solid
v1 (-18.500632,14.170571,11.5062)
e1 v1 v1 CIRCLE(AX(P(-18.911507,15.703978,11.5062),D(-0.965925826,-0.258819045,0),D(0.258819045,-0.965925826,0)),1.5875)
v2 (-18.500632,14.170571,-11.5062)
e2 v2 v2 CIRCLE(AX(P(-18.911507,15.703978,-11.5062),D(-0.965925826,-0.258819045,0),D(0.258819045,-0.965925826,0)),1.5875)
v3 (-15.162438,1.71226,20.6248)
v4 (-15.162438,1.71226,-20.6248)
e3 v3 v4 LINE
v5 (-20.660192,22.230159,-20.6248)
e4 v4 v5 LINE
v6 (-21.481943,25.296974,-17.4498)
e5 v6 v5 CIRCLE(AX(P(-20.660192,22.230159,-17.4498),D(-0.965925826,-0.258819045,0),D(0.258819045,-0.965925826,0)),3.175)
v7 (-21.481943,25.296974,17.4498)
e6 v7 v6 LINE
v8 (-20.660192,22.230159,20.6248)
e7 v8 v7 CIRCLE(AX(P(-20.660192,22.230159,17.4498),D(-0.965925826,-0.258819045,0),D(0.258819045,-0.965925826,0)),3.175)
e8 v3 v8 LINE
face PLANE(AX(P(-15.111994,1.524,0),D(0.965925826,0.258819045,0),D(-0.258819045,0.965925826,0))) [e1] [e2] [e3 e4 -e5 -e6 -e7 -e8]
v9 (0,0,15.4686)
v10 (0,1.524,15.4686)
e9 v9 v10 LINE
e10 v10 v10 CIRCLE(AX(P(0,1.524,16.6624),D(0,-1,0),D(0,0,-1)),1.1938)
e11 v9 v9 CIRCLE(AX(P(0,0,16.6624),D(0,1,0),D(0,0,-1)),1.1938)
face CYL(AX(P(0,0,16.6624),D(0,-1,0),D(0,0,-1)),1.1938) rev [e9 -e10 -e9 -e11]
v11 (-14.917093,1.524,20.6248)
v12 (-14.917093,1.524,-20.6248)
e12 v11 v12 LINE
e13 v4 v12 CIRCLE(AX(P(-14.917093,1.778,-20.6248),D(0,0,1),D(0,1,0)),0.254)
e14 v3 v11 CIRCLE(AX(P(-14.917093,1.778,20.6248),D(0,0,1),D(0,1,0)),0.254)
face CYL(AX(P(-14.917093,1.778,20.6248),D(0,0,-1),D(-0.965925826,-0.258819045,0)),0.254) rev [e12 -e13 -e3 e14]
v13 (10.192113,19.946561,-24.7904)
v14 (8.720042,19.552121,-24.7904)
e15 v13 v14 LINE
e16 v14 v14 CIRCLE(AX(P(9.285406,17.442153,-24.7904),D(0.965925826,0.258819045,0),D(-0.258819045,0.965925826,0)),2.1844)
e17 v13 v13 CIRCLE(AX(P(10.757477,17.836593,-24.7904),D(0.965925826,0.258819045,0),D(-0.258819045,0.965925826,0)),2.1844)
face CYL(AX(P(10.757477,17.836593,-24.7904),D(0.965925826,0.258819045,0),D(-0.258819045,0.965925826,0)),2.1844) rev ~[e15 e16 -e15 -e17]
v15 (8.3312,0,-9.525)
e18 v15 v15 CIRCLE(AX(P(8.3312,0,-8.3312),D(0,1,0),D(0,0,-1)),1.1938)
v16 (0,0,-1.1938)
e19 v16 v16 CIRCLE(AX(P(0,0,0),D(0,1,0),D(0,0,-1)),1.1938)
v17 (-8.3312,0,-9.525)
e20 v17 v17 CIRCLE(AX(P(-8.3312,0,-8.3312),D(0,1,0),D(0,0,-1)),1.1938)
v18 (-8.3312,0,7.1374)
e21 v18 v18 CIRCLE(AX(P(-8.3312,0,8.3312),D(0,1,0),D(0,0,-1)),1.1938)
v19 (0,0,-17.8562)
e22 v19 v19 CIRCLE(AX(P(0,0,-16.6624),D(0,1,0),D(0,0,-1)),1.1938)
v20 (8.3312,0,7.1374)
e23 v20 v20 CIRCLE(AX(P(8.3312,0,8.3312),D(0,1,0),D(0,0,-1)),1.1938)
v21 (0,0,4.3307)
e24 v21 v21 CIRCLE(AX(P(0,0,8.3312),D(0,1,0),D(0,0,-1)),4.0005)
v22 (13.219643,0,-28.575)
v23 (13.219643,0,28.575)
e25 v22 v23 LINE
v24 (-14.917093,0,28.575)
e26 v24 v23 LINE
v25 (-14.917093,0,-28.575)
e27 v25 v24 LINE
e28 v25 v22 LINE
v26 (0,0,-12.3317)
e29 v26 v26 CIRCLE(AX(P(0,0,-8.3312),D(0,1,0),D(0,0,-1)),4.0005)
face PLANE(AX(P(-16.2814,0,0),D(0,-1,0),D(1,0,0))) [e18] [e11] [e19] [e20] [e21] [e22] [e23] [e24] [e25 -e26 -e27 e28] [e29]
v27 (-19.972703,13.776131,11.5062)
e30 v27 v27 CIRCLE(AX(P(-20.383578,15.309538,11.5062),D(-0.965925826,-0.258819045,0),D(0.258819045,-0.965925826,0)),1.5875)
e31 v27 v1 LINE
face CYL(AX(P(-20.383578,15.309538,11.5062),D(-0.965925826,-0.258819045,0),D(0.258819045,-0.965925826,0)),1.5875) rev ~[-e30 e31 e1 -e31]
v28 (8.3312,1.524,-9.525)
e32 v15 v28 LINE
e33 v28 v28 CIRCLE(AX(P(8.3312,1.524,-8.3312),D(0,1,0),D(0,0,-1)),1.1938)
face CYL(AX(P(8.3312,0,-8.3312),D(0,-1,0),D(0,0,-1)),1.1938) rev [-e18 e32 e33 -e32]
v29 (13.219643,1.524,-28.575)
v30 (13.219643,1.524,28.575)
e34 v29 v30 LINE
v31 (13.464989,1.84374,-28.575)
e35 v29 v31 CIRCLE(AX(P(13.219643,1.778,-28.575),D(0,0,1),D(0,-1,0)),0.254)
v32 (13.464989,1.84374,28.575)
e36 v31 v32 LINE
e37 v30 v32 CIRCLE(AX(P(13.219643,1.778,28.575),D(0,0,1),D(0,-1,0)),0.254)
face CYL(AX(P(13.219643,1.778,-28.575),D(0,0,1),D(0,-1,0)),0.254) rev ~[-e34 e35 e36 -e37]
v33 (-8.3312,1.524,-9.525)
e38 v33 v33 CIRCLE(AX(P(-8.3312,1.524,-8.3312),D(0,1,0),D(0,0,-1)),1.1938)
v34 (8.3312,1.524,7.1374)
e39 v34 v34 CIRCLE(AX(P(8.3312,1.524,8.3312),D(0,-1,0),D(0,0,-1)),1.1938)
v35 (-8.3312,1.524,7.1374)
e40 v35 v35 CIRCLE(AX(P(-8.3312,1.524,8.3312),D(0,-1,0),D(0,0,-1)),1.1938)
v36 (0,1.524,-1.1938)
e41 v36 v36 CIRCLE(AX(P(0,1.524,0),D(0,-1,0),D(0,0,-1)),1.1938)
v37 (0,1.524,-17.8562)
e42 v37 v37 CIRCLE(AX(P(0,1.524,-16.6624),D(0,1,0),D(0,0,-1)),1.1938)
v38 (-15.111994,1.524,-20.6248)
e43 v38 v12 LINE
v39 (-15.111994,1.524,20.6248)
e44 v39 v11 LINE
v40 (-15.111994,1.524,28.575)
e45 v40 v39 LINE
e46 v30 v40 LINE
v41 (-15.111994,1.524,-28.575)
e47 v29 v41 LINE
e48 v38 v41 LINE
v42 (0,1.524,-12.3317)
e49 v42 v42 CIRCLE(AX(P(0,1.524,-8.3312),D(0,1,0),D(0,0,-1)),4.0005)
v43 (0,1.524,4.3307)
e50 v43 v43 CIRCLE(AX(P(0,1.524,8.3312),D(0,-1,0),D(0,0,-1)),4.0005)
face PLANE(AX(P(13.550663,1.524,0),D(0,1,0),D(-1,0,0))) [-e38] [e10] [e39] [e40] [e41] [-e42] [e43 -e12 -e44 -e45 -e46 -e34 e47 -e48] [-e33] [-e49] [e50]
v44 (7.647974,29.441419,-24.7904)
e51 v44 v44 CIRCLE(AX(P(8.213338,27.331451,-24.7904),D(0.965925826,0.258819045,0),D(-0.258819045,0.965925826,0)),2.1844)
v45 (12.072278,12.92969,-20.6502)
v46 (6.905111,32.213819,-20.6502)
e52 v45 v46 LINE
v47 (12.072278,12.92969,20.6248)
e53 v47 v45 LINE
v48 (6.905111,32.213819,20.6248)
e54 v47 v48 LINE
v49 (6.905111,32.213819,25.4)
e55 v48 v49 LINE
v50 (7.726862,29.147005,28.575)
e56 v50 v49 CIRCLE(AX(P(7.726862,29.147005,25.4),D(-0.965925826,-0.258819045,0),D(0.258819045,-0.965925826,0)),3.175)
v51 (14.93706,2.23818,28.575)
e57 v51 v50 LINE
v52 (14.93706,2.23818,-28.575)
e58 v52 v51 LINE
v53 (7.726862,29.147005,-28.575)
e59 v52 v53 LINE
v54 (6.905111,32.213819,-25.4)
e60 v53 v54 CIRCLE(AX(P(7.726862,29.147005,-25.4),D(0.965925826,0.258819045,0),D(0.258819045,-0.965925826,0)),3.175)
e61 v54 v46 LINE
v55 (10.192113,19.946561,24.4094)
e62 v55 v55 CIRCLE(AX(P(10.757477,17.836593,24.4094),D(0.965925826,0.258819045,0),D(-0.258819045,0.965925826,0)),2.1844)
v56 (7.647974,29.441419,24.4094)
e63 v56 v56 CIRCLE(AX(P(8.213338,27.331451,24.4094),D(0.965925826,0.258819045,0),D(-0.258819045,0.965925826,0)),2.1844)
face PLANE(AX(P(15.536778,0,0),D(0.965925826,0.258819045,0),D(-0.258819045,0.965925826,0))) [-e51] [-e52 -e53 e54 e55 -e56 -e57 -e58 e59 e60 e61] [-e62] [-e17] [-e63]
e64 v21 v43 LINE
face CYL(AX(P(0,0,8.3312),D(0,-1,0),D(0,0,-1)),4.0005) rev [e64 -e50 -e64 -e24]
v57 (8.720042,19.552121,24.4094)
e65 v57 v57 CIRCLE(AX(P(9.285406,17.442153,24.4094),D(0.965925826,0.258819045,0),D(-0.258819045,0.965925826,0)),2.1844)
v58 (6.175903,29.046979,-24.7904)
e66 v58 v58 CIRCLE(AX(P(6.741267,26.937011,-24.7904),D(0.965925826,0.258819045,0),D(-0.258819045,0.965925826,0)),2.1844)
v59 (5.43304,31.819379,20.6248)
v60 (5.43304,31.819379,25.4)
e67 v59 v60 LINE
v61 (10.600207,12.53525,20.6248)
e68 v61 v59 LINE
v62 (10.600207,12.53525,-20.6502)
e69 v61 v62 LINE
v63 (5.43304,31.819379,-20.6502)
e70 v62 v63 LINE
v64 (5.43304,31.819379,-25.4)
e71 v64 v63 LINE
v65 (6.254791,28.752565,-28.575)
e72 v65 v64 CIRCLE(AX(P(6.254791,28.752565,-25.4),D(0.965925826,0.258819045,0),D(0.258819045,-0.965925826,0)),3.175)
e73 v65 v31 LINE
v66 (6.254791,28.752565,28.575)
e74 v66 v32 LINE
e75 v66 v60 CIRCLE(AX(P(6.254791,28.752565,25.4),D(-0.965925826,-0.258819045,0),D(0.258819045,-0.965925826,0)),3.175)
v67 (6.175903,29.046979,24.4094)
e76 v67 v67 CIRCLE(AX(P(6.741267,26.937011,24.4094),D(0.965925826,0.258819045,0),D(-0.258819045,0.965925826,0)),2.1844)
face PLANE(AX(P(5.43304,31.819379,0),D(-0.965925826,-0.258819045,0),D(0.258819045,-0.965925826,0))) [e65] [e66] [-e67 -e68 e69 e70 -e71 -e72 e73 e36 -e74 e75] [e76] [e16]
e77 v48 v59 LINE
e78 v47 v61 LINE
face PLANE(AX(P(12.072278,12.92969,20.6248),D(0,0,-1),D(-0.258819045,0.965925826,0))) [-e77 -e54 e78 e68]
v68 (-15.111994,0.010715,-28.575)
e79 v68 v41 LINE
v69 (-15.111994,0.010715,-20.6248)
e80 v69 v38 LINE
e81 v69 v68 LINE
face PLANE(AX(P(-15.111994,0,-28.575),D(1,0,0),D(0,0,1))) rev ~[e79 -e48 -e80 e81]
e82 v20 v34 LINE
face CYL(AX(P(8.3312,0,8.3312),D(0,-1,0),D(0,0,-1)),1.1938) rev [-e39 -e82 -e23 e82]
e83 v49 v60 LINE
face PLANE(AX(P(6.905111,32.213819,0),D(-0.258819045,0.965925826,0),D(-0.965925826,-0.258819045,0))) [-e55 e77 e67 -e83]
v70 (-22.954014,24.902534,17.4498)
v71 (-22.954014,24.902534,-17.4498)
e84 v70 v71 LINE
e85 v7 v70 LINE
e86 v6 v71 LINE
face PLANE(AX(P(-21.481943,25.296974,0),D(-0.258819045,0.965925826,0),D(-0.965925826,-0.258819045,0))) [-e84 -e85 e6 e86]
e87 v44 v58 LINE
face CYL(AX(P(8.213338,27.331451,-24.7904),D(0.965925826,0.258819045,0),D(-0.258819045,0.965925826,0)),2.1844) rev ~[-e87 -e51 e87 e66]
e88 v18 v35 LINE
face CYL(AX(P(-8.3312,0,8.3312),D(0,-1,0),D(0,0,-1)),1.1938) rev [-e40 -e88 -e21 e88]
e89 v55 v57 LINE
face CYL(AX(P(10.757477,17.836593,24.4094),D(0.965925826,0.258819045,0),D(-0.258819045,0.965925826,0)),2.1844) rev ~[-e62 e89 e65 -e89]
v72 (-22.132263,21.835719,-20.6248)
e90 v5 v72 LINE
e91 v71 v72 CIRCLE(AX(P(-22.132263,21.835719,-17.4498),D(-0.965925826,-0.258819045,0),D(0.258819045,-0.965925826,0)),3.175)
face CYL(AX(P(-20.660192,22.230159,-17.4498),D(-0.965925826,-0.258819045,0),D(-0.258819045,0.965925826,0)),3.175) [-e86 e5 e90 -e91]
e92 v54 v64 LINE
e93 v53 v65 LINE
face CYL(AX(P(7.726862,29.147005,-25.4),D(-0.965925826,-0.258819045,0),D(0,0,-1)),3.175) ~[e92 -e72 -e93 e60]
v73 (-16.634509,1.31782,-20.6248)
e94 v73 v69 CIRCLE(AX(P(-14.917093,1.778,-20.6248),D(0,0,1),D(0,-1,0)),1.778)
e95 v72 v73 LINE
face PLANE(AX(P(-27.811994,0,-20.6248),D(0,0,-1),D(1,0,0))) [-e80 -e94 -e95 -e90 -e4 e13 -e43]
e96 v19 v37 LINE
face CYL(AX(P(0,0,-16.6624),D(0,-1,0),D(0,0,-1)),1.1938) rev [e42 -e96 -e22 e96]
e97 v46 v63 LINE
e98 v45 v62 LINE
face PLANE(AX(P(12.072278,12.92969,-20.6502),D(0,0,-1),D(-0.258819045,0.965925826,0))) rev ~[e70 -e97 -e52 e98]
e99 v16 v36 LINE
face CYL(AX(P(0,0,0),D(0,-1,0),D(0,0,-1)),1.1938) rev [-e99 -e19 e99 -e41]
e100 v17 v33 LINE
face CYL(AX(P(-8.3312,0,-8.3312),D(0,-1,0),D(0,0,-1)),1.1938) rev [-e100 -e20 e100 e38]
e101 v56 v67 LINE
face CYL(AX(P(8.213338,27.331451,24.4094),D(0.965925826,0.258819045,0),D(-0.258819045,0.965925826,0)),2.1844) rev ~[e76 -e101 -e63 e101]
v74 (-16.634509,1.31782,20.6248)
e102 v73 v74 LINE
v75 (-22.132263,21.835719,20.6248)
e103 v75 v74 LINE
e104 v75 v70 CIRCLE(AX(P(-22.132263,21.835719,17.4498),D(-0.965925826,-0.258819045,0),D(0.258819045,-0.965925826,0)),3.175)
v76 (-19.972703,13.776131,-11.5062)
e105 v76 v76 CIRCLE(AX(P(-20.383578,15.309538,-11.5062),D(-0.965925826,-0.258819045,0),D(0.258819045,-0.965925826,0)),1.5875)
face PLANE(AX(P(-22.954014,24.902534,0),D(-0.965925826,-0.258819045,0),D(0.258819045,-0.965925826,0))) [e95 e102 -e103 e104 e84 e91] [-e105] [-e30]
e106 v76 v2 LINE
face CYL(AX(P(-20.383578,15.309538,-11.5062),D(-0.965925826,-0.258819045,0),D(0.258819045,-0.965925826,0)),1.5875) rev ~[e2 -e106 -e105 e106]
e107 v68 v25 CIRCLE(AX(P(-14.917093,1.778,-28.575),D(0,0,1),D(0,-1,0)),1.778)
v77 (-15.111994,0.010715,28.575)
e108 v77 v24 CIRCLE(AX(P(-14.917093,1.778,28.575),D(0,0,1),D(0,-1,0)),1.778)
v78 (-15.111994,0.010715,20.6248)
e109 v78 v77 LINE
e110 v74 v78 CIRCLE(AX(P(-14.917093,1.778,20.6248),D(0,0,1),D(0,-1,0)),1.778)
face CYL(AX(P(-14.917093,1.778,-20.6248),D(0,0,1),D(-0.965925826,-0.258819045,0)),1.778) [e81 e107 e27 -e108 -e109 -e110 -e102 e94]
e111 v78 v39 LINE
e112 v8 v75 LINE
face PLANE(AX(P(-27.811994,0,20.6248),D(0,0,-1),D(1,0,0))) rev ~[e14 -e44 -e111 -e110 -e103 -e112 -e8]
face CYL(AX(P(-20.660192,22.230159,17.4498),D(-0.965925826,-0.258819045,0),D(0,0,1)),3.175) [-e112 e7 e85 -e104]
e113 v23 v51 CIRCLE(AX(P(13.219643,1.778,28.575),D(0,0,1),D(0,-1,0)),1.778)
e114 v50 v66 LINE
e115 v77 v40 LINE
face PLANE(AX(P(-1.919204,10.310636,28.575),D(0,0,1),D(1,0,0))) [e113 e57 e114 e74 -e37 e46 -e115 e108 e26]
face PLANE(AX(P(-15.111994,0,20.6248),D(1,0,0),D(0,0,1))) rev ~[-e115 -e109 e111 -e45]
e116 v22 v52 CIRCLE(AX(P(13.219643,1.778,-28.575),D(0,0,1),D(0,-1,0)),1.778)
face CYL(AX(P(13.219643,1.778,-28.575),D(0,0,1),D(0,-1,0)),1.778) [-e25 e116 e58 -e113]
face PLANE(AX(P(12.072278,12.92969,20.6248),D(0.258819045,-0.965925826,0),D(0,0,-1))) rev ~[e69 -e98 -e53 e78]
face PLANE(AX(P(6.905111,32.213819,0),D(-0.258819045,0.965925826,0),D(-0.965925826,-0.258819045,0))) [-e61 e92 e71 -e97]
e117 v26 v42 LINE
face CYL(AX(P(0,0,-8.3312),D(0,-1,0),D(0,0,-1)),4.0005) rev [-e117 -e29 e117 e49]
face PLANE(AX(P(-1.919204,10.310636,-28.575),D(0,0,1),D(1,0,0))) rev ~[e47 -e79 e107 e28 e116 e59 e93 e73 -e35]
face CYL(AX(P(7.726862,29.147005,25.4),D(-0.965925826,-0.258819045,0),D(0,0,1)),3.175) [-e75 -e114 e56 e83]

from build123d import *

# Parameters (mm, degrees)
EXTRUDE1_DEPTH      = 28.575
CUT_EXTRUDE1_REACH  = 34.214
SKETCH2_R           = 4.0005
SKETCH2_R_2         = 1.1938
SKETCH21_R          = 4.0005
SKETCH21_R_2        = 1.1938
CUT_EXTRUDE11_DEPTH = 1.524
CUT_EXTRUDE13_REACH = 39.179
SKETCH23_W          = 41.275
SKETCH23_H          = 19.9644
CUT_EXTRUDE14_REACH = 39.179
SKETCH24_R          = 2.1844
CUT_EXTRUDE16_REACH = 41.072
SKETCH26_R          = 1.5875
SKETCH27_W          = 12.7
SKETCH27_H          = 7.9502
CUT_EXTRUDE17_DEPTH = 33.213819492
FILLET1_R           = 0.254
FILLET2_R           = 1.778
FILLET3_R           = 3.175


with BuildPart() as part:
    # Sketch1 → Extrude1 (new body, symmetric)
    with BuildSketch(Plane.XY):
        Polygon((-22.954013802, 24.902533728), (-16.2814, 0), (15.536778129, 0), (6.905111211, 32.213819492), (5.433040251, 31.819379267), (13.550662661, 1.524), (-15.11199367, 1.524), (-21.481942843, 25.296973952), align=None)
    extrude(amount=EXTRUDE1_DEPTH, both=True)

    # Sketch2 → Cut-Extrude1 (cut, up to next)
    with BuildSketch(Plane(origin=(0.432553042, 0, 10.730384283), x_dir=(-1, 0, 0), z_dir=(0, 1, 0)), mode=Mode.PRIVATE) as cut_extrude1_sk1:
        with Locations(Location((0.432553042, -2.399184283, 0), (0, 0, 270))):  # turned: the seam where the file's is
            Circle(SKETCH2_R)
    cut_extrude1_tool1 = extrude(cut_extrude1_sk1.sketch, amount=CUT_EXTRUDE1_REACH, mode=Mode.PRIVATE) & part.part
    add(cut_extrude1_tool1.solids().sort_by_distance((0, 0, 8.3312))[0], mode=Mode.SUBTRACT)
    # Sketch2 → Cut-Extrude1 (cut, up to next)
    with BuildSketch(Plane(origin=(0.432553042, 0, 10.730384283), x_dir=(-1, 0, 0), z_dir=(0, 1, 0)), mode=Mode.PRIVATE) as cut_extrude1_sk2:
        with Locations(Location((0.432553042, 5.932015717, 0), (0, 0, 270))):  # turned: the seam where the file's is
            Circle(SKETCH2_R_2)
    cut_extrude1_tool2 = extrude(cut_extrude1_sk2.sketch, amount=CUT_EXTRUDE1_REACH, mode=Mode.PRIVATE) & part.part
    add(cut_extrude1_tool2.solids().sort_by_distance((0, 0, 16.6624))[0], mode=Mode.SUBTRACT)
    # Sketch2 → Cut-Extrude1 (cut, up to next)
    with BuildSketch(Plane(origin=(0.432553042, 0, 10.730384283), x_dir=(-1, 0, 0), z_dir=(0, 1, 0)), mode=Mode.PRIVATE) as cut_extrude1_sk3:
        with Locations(Location((8.763753042, -2.399184283, 0), (0, 0, 270))):  # turned: the seam where the file's is
            Circle(SKETCH2_R_2)
    cut_extrude1_tool3 = extrude(cut_extrude1_sk3.sketch, amount=CUT_EXTRUDE1_REACH, mode=Mode.PRIVATE) & part.part
    add(cut_extrude1_tool3.solids().sort_by_distance((-8.3312, 0, 8.3312))[0], mode=Mode.SUBTRACT)
    # Sketch2 → Cut-Extrude1 (cut, up to next)
    with BuildSketch(Plane(origin=(0.432553042, 0, 10.730384283), x_dir=(-1, 0, 0), z_dir=(0, 1, 0)), mode=Mode.PRIVATE) as cut_extrude1_sk4:
        with Locations(Location((0.432553042, -10.730384283, 0), (0, 0, 270))):  # turned: the seam where the file's is
            Circle(SKETCH2_R_2)
    cut_extrude1_tool4 = extrude(cut_extrude1_sk4.sketch, amount=CUT_EXTRUDE1_REACH, mode=Mode.PRIVATE) & part.part
    add(cut_extrude1_tool4.solids().sort_by_distance((0, 0, 0))[0], mode=Mode.SUBTRACT)
    # Sketch2 → Cut-Extrude1 (cut, up to next)
    with BuildSketch(Plane(origin=(0.432553042, 0, 10.730384283), x_dir=(-1, 0, 0), z_dir=(0, 1, 0)), mode=Mode.PRIVATE) as cut_extrude1_sk5:
        with Locations(Location((-7.898646958, -2.399184283, 0), (0, 0, 270))):  # turned: the seam where the file's is
            Circle(SKETCH2_R_2)
    cut_extrude1_tool5 = extrude(cut_extrude1_sk5.sketch, amount=CUT_EXTRUDE1_REACH, mode=Mode.PRIVATE) & part.part
    add(cut_extrude1_tool5.solids().sort_by_distance((8.3312, 0, 8.3312))[0], mode=Mode.SUBTRACT)

    # Sketch21 → Cut-Extrude11 (cut)
    with BuildSketch(Plane(origin=(1.025651892, 0, -16.036287214), x_dir=(-1, 0, 0), z_dir=(0, 1, 0))):
        with Locations(Location((1.025651892, 7.705087214, 0), (0, 0, 270))):  # turned: the seam where the file's is
            Circle(SKETCH21_R)
        with Locations(Location((1.025651892, 16.036287214, 0), (0, 0, 270))):  # turned: the seam where the file's is
            Circle(SKETCH21_R_2)
        with Locations(Location((9.356851892, 7.705087214, 0), (0, 0, 270))):  # turned: the seam where the file's is
            Circle(SKETCH21_R_2)
        with Locations(Location((1.025651892, -0.626112786, 0), (0, 0, 270))):  # turned: the seam where the file's is
            Circle(SKETCH21_R_2)
        with Locations(Location((-7.305548108, 7.705087214, 0), (0, 0, 270))):  # turned: the seam where the file's is
            Circle(SKETCH21_R_2)
    extrude(amount=CUT_EXTRUDE11_DEPTH, mode=Mode.SUBTRACT)

    # Sketch23 → Cut-Extrude13 (cut, up to next)
    with BuildSketch(Plane(origin=(14.496011341, 3.884194532, 0), x_dir=(0, 0, -1), z_dir=(0.965925826, 0.258819045, 0)), mode=Mode.PRIVATE) as cut_extrude13_sk1:
        with Locations((0.0127, 19.346785921)):
            Rectangle(SKETCH23_W, SKETCH23_H)
    cut_extrude13_tool1 = extrude(cut_extrude13_sk1.sketch, amount=-CUT_EXTRUDE13_REACH, mode=Mode.PRIVATE) & part.part
    add(cut_extrude13_tool1.solids().sort_by_distance((9.488695, 22.571755, -0.0127))[0], mode=Mode.SUBTRACT)

    # Sketch24 → Cut-Extrude14 (cut, up to next)
    with BuildSketch(Plane(origin=(14.496011341, 3.884194532, 0), x_dir=(0, 0, -1), z_dir=(0.965925826, 0.258819045, 0)), mode=Mode.PRIVATE) as cut_extrude14_sk1:
        with Locations(Location((-24.4094, 24.274385921, 0), (0, 0, 90))):  # turned: the seam where the file's is
            Circle(SKETCH24_R)
    cut_extrude14_tool1 = extrude(cut_extrude14_sk1.sketch, amount=-CUT_EXTRUDE14_REACH, mode=Mode.PRIVATE) & part.part
    add(cut_extrude14_tool1.solids().sort_by_distance((8.213338, 27.331451, 24.4094))[0], mode=Mode.SUBTRACT)
    # Sketch24 → Cut-Extrude14 (cut, up to next)
    with BuildSketch(Plane(origin=(14.496011341, 3.884194532, 0), x_dir=(0, 0, -1), z_dir=(0.965925826, 0.258819045, 0)), mode=Mode.PRIVATE) as cut_extrude14_sk2:
        with Locations(Location((-24.4094, 14.444585921, 0), (0, 0, 90))):  # turned: the seam where the file's is
            Circle(SKETCH24_R)
    cut_extrude14_tool2 = extrude(cut_extrude14_sk2.sketch, amount=-CUT_EXTRUDE14_REACH, mode=Mode.PRIVATE) & part.part
    add(cut_extrude14_tool2.solids().sort_by_distance((10.757477, 17.836593, 24.4094))[0], mode=Mode.SUBTRACT)
    # Sketch24 → Cut-Extrude14 (cut, up to next)
    with BuildSketch(Plane(origin=(14.496011341, 3.884194532, 0), x_dir=(0, 0, -1), z_dir=(0.965925826, 0.258819045, 0)), mode=Mode.PRIVATE) as cut_extrude14_sk3:
        with Locations(Location((24.7904, 24.274385921, 0), (0, 0, 90))):  # turned: the seam where the file's is
            Circle(SKETCH24_R)
    cut_extrude14_tool3 = extrude(cut_extrude14_sk3.sketch, amount=-CUT_EXTRUDE14_REACH, mode=Mode.PRIVATE) & part.part
    add(cut_extrude14_tool3.solids().sort_by_distance((8.213338, 27.331451, -24.7904))[0], mode=Mode.SUBTRACT)
    # Sketch24 → Cut-Extrude14 (cut, up to next)
    with BuildSketch(Plane(origin=(14.496011341, 3.884194532, 0), x_dir=(0, 0, -1), z_dir=(0.965925826, 0.258819045, 0)), mode=Mode.PRIVATE) as cut_extrude14_sk4:
        with Locations(Location((24.7904, 14.444585921, 0), (0, 0, 90))):  # turned: the seam where the file's is
            Circle(SKETCH24_R)
    cut_extrude14_tool4 = extrude(cut_extrude14_sk4.sketch, amount=-CUT_EXTRUDE14_REACH, mode=Mode.PRIVATE) & part.part
    add(cut_extrude14_tool4.solids().sort_by_distance((10.757477, 17.836593, -24.7904))[0], mode=Mode.SUBTRACT)

    # Sketch26 → Cut-Extrude16 (cut, up to next)
    with BuildSketch(Plane(origin=(-15.190753005, -4.07035, 0), x_dir=(0, 0, 1), z_dir=(-0.965925826, -0.258819045, 0)), mode=Mode.PRIVATE) as cut_extrude16_sk1:
        with Locations(Location((-11.5062, 20.063536401, 0), (0, 0, 270))):  # turned: the seam where the file's is
            Circle(SKETCH26_R)
    cut_extrude16_tool1 = extrude(cut_extrude16_sk1.sketch, amount=-CUT_EXTRUDE16_REACH, mode=Mode.PRIVATE) & part.part
    add(cut_extrude16_tool1.solids().sort_by_distance((-20.383578, 15.309538, -11.5062))[0], mode=Mode.SUBTRACT)
    # Sketch26 → Cut-Extrude16 (cut, up to next)
    with BuildSketch(Plane(origin=(-15.190753005, -4.07035, 0), x_dir=(0, 0, 1), z_dir=(-0.965925826, -0.258819045, 0)), mode=Mode.PRIVATE) as cut_extrude16_sk2:
        with Locations(Location((11.5062, 20.063536401, 0), (0, 0, 270))):  # turned: the seam where the file's is
            Circle(SKETCH26_R)
    cut_extrude16_tool2 = extrude(cut_extrude16_sk2.sketch, amount=-CUT_EXTRUDE16_REACH, mode=Mode.PRIVATE) & part.part
    add(cut_extrude16_tool2.solids().sort_by_distance((-20.383578, 15.309538, 11.5062))[0], mode=Mode.SUBTRACT)

    # Sketch27 → Cut-Extrude17 (cut, through all)
    with BuildSketch(Plane.XZ):
        with Locations((-21.46199367, 24.5999)):
            Rectangle(SKETCH27_W, SKETCH27_H)
        with Locations((-21.46199367, -24.5999)):
            Rectangle(SKETCH27_W, SKETCH27_H)
    extrude(amount=-CUT_EXTRUDE17_DEPTH, mode=Mode.SUBTRACT)

    # Fillet1
    fillet1_edges = [part.edges().sort_by_distance(p)[0] for p in [
        (-15.11199367, 1.524, 0),
        (13.550662661, 1.524, 0),
    ]]
    fillet(fillet1_edges, radius=FILLET1_R)

    # Fillet2
    fillet2_edges = [part.edges().sort_by_distance(p)[0] for p in [
        (15.536778129, 0, 0),
        (-16.2814, 0, 0),
    ]]
    fillet(fillet2_edges, radius=FILLET2_R)

    # Fillet3
    fillet3_edges = [part.edges().sort_by_distance(p)[0] for p in [
        (-22.217978322, 25.09975384, 20.6248),
        (-22.217978322, 25.09975384, -20.6248),
        (6.169075731, 32.01659938, 28.575),
        (6.169075731, 32.01659938, -28.575),
    ]]
    fillet(fillet3_edges, radius=FILLET3_R)


solid = part.part
